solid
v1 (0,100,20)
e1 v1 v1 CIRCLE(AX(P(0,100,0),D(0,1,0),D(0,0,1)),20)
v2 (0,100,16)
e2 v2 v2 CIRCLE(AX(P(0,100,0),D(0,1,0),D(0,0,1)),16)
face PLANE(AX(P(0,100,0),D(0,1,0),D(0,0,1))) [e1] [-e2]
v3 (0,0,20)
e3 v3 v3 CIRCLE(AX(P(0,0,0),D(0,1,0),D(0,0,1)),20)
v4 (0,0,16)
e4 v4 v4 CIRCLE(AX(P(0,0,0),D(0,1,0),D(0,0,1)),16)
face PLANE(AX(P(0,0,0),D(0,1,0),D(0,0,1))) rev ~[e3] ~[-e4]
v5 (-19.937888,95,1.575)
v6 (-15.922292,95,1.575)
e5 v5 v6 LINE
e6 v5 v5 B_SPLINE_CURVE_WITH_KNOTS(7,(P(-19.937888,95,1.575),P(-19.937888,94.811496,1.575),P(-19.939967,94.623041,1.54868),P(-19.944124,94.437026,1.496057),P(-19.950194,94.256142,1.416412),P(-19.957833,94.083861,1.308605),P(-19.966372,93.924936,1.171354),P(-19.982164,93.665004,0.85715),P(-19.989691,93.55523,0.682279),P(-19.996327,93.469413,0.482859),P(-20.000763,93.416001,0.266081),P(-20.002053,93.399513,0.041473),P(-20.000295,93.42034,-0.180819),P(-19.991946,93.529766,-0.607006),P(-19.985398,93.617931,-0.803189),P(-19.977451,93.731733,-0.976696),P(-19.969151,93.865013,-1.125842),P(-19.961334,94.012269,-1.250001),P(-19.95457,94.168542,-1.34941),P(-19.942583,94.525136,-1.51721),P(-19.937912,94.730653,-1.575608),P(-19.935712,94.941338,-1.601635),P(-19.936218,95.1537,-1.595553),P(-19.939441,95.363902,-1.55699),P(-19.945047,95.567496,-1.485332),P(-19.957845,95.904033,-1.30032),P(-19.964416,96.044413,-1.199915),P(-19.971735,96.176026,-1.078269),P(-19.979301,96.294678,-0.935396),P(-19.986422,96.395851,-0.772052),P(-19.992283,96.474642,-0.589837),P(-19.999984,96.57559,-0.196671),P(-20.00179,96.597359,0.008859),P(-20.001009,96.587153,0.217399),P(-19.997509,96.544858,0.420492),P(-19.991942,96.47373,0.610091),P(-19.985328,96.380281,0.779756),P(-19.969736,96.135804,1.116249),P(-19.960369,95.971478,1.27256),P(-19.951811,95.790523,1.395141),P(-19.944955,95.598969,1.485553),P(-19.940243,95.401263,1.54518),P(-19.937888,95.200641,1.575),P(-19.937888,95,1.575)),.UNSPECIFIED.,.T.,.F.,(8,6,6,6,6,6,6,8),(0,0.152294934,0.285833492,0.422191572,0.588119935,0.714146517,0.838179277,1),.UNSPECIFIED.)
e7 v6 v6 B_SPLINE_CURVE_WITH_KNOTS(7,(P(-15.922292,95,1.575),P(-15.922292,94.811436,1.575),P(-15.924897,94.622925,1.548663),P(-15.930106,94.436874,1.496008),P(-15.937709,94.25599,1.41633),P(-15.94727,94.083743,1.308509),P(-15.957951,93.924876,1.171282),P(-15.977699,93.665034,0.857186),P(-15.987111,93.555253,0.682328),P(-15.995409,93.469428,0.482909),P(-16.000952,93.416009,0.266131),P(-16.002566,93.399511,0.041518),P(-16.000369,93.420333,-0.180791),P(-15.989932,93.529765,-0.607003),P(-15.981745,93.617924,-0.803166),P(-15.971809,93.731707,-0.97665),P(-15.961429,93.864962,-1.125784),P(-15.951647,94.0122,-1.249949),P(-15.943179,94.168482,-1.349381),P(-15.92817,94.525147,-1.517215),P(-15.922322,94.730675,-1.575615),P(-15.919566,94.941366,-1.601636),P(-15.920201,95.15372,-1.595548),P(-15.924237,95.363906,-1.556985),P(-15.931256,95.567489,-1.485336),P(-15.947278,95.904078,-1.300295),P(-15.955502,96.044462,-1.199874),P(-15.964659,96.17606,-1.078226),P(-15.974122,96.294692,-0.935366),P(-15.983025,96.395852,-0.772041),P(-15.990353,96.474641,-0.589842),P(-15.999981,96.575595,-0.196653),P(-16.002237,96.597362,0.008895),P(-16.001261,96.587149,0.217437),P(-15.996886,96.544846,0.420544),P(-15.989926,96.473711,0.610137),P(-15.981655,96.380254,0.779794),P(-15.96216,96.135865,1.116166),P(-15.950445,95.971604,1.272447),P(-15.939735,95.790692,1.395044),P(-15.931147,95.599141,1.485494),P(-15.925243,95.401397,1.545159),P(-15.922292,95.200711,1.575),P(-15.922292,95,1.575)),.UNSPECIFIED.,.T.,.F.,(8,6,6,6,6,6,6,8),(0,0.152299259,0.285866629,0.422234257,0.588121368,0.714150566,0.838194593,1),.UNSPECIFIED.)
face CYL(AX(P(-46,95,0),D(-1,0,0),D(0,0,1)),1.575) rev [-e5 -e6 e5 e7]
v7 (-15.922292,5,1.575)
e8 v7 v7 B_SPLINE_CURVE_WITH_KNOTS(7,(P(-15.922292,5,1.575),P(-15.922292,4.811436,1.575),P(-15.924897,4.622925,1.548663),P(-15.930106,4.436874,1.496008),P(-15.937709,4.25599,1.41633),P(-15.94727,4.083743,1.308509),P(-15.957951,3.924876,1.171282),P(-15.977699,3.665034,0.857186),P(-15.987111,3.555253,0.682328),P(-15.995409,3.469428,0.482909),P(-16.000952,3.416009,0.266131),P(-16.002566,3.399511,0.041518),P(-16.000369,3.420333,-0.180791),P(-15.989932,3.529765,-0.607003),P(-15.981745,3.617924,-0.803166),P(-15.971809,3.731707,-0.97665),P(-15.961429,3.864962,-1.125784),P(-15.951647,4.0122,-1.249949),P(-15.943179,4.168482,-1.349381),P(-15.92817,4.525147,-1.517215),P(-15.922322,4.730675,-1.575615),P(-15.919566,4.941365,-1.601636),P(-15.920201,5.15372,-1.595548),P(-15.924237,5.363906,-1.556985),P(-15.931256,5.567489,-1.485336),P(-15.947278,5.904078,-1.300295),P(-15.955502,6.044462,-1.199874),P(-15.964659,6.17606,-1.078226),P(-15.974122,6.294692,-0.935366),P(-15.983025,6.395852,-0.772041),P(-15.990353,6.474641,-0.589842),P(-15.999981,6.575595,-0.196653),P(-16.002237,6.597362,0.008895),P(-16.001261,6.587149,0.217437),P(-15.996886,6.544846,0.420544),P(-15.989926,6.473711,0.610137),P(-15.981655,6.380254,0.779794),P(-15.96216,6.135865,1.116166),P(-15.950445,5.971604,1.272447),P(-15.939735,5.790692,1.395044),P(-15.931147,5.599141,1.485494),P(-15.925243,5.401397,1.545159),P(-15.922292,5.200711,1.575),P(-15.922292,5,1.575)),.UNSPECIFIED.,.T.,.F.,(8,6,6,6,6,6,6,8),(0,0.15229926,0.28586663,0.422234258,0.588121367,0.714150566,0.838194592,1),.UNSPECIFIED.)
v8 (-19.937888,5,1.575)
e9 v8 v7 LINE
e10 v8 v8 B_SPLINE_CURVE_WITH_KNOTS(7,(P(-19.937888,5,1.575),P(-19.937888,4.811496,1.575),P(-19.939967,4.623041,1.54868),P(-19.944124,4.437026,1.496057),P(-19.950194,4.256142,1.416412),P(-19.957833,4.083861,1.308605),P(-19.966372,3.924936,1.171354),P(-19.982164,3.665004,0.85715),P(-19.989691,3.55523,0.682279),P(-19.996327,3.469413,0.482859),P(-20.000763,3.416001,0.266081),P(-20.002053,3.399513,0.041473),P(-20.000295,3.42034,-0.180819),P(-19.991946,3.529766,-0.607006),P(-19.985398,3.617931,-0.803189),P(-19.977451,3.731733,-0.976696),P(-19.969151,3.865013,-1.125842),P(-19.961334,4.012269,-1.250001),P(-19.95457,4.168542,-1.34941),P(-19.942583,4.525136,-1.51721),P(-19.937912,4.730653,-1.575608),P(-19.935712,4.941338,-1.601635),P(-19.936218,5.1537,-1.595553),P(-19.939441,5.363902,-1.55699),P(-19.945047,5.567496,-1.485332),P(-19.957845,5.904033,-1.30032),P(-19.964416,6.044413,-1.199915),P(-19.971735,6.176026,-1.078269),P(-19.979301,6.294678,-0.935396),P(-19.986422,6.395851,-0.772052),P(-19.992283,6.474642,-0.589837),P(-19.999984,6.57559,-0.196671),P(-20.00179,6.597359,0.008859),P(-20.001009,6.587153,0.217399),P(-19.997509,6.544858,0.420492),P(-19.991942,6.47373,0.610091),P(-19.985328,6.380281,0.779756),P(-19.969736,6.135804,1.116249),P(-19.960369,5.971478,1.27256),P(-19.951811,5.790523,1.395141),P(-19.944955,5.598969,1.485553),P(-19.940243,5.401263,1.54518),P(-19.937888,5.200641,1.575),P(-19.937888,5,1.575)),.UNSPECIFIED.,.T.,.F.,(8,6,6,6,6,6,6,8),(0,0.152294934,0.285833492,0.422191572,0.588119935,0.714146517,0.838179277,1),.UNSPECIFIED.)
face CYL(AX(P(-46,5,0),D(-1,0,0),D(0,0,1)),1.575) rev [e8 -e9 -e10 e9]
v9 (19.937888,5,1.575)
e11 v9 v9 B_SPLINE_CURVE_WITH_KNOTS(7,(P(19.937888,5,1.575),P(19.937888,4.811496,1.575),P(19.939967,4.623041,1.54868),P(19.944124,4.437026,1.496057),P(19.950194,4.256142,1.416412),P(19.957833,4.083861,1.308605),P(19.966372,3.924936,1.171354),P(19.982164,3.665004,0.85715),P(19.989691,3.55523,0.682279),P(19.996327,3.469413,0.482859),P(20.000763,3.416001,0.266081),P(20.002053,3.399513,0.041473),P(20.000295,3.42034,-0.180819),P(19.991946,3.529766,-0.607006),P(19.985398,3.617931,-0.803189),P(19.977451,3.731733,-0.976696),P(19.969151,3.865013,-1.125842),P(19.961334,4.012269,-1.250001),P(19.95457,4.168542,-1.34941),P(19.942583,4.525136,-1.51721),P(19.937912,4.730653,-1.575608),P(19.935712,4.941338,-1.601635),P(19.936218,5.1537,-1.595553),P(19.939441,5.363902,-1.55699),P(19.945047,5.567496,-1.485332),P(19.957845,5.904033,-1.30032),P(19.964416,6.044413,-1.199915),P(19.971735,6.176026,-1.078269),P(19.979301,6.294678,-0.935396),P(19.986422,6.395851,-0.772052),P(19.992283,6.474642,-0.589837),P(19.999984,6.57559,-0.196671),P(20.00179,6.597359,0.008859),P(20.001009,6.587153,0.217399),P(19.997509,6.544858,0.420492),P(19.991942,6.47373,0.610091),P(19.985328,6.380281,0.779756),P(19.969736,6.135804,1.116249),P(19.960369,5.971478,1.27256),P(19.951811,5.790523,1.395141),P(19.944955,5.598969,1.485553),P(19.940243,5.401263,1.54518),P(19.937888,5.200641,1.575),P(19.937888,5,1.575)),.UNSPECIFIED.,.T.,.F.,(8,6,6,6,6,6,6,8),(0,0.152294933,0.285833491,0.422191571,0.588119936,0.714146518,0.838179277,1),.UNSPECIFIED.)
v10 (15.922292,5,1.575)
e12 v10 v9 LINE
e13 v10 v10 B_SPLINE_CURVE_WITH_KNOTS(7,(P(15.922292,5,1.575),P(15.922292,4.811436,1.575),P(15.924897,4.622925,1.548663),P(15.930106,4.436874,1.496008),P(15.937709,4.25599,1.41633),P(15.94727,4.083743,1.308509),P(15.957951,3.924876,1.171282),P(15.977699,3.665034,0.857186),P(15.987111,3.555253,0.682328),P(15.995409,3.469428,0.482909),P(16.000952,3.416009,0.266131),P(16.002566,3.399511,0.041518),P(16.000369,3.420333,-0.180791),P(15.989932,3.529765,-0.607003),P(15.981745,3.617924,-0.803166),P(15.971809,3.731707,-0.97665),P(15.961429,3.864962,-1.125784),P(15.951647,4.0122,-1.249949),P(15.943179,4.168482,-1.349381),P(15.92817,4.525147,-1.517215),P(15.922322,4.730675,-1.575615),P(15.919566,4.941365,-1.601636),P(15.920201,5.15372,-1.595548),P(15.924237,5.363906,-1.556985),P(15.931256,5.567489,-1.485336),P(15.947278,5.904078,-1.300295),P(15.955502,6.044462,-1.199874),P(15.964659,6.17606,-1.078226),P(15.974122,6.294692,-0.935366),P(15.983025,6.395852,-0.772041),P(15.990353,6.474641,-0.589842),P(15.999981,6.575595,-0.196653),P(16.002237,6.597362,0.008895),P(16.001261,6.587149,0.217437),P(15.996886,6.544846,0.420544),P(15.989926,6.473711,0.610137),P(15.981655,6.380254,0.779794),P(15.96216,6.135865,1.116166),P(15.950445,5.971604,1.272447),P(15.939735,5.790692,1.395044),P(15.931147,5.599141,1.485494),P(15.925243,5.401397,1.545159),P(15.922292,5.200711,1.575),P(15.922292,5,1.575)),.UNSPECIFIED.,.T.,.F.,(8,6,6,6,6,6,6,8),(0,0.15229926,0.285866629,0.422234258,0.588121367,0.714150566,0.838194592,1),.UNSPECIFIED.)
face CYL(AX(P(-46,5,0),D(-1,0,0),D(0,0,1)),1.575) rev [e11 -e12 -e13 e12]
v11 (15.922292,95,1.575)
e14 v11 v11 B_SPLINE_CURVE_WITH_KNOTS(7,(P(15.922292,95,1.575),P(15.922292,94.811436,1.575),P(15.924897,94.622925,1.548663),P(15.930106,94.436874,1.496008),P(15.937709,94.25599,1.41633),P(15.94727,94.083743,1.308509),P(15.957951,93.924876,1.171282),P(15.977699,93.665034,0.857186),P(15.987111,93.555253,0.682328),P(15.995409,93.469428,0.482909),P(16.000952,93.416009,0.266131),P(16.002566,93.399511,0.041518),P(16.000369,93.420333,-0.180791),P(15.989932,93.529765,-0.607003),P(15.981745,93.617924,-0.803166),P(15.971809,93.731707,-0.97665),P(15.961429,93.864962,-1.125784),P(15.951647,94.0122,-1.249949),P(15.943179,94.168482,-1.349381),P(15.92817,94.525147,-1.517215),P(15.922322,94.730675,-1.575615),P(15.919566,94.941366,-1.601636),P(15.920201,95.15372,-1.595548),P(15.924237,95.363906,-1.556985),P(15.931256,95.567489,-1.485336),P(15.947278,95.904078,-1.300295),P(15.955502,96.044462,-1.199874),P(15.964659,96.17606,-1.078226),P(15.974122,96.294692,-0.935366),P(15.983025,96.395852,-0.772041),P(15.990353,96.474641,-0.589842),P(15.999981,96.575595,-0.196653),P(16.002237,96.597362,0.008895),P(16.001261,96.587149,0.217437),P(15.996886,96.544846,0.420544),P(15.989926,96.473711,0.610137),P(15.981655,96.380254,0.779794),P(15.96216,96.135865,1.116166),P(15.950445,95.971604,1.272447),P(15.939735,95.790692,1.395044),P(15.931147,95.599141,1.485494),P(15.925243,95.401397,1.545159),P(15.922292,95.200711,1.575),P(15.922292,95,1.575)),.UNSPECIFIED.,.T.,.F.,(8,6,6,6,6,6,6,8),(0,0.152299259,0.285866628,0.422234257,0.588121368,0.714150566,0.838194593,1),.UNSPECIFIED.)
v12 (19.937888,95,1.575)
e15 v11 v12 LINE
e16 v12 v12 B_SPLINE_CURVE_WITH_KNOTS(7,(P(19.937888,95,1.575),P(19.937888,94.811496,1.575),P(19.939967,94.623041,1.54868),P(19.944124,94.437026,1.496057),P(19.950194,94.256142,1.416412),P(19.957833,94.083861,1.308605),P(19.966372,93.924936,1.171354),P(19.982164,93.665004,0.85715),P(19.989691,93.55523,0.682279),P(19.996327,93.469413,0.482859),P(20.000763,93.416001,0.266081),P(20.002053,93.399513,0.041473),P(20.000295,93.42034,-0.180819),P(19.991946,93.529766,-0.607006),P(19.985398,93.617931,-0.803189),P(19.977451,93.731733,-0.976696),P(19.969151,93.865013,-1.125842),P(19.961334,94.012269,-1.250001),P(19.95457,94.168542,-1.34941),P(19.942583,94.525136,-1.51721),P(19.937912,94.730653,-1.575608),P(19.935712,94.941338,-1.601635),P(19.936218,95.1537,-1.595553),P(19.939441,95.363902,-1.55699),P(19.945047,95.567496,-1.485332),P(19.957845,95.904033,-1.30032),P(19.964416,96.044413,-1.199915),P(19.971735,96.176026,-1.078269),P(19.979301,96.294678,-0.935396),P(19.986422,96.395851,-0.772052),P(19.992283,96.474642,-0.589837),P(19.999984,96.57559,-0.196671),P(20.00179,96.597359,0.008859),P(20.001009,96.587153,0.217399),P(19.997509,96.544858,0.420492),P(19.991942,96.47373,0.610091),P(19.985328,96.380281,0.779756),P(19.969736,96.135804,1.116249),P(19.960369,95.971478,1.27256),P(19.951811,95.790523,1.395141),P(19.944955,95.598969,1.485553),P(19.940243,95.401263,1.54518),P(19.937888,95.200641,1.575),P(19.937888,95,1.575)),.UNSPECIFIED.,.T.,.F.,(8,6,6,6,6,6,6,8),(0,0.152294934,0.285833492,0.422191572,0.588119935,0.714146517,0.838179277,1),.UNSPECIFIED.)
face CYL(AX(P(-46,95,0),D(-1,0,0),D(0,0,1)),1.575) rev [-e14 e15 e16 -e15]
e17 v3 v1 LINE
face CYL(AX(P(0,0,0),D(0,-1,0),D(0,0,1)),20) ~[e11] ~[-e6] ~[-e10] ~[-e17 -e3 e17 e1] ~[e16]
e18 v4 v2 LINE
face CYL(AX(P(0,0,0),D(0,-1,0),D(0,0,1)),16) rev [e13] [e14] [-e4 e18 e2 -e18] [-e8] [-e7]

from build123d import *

# Parameters (mm, degrees)
SKETCH1_R               = 20
SKETCH1_R_2             = 16
BOSS_EXTRUDE1_DEPTH     = 100
CUT_EXTRUDE1_DEPTH      = 52
CUT_EXTRUDE1_DEPTH_BACK = 46
SKETCH2_R               = 1.575


with BuildPart() as part:
    # Sketch1 → Boss-Extrude1 (new body)
    with BuildSketch(Plane(origin=(0, 0, 0), x_dir=(1, 0, 0), z_dir=(0, 1, 0))):
        with Locations(Location((0, 0, 0), (0, 0, 270))):
            Circle(SKETCH1_R)
        with Locations(Location((0, 0, 0), (0, 0, 270))):
            Circle(SKETCH1_R_2, mode=Mode.SUBTRACT)
    extrude(amount=BOSS_EXTRUDE1_DEPTH)

    # Sketch2 → Cut-Extrude1 (cut, two sides: drawn at the far end of the back side and taken through both)
    with BuildSketch(Plane(origin=(0, 0, 0), x_dir=(0, 0, -1), z_dir=(1, 0, 0)).offset(-CUT_EXTRUDE1_DEPTH_BACK)):
        with Locations(Location((0, 95, 0), (0, 0, 180))):
            Circle(SKETCH2_R)
        with Locations(Location((0, 5, 0), (0, 0, 180))):
            Circle(SKETCH2_R)
    extrude(amount=CUT_EXTRUDE1_DEPTH + CUT_EXTRUDE1_DEPTH_BACK, mode=Mode.SUBTRACT)


solid = part.part
